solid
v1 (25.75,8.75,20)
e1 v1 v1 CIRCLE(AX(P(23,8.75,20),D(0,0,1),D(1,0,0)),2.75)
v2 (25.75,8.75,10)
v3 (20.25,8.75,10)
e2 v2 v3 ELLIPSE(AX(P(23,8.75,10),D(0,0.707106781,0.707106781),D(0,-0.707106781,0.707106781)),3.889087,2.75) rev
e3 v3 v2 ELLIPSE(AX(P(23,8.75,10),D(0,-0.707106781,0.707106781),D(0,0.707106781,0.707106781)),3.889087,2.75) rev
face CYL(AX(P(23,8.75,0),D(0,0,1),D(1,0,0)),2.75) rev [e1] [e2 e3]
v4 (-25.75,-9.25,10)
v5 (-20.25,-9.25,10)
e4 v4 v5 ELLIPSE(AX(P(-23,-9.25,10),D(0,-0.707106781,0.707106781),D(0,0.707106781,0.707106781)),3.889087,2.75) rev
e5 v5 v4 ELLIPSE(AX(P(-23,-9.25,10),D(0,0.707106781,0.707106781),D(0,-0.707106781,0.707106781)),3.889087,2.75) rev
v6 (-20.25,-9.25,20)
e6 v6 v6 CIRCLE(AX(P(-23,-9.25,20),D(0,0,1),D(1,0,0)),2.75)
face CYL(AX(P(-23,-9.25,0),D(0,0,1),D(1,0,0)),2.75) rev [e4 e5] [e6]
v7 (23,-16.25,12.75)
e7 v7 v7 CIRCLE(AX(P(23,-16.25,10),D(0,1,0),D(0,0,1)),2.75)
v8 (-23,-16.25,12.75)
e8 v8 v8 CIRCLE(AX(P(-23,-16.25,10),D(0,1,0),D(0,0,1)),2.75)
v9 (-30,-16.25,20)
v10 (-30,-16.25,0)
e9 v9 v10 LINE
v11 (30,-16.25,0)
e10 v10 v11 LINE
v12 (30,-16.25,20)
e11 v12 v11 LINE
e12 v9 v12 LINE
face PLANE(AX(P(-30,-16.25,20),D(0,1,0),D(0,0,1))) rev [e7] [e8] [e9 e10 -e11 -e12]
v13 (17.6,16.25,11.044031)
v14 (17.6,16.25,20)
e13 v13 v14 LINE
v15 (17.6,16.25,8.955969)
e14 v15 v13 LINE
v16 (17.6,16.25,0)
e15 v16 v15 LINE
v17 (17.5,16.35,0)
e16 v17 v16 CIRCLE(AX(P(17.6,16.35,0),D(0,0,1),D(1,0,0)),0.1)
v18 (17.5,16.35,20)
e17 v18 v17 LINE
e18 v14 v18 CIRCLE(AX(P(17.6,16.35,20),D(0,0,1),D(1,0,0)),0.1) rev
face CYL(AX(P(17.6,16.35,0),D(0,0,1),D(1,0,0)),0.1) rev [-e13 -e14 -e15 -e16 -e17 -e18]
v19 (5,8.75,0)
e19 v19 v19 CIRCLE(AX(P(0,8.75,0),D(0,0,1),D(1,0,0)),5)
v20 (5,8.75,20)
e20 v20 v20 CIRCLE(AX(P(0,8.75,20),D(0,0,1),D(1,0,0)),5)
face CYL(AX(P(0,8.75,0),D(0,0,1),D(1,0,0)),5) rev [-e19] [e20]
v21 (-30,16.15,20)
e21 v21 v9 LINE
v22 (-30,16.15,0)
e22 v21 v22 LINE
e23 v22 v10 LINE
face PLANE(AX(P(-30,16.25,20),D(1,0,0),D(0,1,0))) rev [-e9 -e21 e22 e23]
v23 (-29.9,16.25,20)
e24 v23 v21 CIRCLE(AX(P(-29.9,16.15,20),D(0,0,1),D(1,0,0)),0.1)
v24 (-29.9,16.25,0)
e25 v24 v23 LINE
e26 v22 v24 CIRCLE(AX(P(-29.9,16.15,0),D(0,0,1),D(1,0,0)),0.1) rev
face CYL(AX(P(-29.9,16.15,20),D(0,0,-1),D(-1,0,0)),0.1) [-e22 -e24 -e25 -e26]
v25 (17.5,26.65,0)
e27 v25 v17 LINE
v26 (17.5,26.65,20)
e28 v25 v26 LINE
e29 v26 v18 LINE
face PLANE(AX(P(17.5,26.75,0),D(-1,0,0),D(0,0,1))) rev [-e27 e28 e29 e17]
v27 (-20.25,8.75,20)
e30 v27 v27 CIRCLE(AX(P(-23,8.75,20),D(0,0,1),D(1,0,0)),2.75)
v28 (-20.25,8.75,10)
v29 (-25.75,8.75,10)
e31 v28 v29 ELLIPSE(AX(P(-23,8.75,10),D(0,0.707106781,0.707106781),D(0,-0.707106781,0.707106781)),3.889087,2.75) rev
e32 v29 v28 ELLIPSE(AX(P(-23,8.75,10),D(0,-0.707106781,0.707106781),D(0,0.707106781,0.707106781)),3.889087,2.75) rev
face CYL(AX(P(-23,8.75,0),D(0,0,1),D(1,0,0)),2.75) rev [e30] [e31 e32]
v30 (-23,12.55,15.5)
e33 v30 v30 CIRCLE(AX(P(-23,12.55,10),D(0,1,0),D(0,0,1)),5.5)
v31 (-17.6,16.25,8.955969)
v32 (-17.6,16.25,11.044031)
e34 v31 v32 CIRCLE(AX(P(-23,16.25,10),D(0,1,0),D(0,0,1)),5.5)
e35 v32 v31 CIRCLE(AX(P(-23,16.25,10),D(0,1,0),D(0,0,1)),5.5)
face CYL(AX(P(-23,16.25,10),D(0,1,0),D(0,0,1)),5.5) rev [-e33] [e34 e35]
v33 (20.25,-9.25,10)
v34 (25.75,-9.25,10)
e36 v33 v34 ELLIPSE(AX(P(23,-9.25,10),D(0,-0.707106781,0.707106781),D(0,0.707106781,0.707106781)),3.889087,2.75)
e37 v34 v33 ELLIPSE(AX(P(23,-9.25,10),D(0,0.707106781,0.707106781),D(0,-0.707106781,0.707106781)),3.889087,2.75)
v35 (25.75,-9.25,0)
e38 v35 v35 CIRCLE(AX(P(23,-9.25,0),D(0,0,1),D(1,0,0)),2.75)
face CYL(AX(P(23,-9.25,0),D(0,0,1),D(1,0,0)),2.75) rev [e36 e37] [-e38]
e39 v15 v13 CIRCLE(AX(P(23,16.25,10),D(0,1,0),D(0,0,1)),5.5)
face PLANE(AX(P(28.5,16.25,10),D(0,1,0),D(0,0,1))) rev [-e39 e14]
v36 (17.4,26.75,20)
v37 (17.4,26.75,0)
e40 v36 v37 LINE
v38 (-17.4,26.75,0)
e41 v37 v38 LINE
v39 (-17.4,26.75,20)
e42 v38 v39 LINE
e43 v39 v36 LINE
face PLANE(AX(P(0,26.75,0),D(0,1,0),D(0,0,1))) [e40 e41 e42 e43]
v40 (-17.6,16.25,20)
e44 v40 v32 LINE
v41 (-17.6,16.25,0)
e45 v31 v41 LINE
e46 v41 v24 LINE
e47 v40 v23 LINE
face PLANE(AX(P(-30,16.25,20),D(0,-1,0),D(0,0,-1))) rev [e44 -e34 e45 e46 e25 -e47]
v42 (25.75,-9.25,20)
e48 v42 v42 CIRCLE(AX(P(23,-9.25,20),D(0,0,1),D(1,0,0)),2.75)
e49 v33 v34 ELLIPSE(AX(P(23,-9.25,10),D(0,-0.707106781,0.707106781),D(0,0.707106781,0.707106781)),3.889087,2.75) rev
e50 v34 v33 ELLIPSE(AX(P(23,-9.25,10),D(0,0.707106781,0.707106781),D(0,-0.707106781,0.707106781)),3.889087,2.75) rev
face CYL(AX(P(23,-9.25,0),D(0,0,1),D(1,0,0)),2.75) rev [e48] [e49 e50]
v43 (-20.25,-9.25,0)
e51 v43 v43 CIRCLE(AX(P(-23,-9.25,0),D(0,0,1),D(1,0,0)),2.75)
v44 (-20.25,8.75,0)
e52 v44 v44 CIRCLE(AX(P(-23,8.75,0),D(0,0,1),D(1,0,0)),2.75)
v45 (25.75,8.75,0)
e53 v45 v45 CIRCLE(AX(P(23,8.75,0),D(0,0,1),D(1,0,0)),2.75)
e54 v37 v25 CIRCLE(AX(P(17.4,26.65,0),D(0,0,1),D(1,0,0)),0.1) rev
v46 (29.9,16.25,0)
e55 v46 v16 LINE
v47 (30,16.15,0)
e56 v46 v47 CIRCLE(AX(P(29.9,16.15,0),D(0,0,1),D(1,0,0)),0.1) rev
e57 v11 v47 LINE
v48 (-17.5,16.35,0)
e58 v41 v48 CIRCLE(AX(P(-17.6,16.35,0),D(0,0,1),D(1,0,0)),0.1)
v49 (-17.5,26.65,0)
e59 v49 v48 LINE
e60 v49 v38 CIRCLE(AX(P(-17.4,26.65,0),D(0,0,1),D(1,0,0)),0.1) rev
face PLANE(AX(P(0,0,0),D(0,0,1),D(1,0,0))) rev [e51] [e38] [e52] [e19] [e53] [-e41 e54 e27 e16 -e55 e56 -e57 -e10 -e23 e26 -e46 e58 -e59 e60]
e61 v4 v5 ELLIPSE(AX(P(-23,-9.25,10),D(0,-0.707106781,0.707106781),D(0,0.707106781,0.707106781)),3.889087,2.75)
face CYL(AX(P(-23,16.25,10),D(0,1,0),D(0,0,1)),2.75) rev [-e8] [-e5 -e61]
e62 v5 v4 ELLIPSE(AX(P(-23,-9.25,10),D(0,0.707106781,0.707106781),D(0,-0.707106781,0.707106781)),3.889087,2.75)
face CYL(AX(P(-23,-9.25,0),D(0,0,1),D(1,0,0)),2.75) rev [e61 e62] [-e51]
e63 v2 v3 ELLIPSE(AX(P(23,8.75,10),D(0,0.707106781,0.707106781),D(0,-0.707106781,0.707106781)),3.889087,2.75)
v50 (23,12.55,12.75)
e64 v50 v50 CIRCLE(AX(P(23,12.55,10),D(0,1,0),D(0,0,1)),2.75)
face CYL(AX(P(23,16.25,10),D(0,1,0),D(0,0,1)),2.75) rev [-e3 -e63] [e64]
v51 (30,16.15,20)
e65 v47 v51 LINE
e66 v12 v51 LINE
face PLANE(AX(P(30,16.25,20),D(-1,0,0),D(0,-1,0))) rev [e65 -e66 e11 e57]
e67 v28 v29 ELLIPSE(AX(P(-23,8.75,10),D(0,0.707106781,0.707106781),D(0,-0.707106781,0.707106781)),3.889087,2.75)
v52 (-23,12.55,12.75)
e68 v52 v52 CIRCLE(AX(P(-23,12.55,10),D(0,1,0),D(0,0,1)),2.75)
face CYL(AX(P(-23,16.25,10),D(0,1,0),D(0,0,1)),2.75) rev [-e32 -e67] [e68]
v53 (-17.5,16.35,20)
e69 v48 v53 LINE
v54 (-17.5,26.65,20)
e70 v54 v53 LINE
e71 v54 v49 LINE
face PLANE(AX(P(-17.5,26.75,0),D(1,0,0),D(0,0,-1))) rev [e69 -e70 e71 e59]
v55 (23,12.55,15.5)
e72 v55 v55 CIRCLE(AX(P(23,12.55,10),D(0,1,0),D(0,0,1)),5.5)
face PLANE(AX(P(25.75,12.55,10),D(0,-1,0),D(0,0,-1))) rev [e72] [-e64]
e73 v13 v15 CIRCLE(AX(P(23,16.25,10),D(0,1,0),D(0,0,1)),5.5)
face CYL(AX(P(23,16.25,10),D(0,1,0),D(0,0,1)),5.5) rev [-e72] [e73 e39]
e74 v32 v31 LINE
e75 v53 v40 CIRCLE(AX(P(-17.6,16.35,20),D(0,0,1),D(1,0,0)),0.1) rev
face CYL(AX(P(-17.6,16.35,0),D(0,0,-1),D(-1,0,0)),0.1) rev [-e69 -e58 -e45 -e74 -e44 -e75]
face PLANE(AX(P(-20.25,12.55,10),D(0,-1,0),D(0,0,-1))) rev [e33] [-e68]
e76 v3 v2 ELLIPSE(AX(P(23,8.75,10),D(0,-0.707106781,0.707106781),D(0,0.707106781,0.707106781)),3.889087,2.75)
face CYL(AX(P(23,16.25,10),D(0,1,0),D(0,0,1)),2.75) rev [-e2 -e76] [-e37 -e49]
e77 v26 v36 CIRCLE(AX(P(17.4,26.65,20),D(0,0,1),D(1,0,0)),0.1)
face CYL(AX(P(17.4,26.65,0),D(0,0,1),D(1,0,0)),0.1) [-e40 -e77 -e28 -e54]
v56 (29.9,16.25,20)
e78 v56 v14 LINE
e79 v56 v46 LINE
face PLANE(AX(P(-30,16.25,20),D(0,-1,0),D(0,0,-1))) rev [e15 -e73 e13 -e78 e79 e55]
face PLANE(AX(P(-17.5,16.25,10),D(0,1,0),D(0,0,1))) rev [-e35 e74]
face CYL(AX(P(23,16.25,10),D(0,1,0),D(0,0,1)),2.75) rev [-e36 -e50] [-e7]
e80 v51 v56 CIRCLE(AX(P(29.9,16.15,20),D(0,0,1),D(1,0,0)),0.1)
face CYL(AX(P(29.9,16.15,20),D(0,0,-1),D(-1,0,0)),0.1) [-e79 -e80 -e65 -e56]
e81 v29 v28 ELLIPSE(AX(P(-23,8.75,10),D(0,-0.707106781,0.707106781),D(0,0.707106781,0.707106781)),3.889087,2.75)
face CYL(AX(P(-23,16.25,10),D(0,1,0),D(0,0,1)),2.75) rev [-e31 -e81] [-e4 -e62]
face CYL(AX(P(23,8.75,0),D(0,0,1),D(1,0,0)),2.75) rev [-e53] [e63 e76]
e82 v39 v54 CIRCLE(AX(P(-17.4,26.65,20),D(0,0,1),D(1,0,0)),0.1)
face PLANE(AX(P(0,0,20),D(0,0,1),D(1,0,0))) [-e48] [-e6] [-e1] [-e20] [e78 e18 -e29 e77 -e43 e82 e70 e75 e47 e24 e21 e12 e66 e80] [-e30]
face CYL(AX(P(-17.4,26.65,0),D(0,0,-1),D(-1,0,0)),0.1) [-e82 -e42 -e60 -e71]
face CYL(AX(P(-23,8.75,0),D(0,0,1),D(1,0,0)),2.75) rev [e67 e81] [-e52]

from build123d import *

# Parameters (mm, degrees)
SKETCH_1_W                  = 60
SKETCH_1_H                  = 32.5
EXTRUDE_1_DEPTH             = 20
SKETCH_2_W                  = 35
SKETCH_2_H                  = 20
EXTRUDE_2_DEPTH             = 10.5
FILLET_1_R                  = 0.1
SKETCH_3_R                  = 5
SKETCH_3_R_2                = 2.75
CUT_EXTRUDE_1_DEPTH         = 45.895016427
HOLE_WIZARD_M5_1_AT_2_COUNT = 2
HOLE_WIZARD_M5_1_AT_2_PITCH = 46


with BuildPart() as part:
    # 스케치1 → 보스-돌출1 (new body)
    with BuildSketch(Plane.XY):
        Rectangle(SKETCH_1_W, SKETCH_1_H)
    extrude(amount=EXTRUDE_1_DEPTH)

    # 스케치2 → 보스-돌출2 (add)
    with BuildSketch(Plane(origin=(0, 16.25, 0), x_dir=(1, 0, 0), z_dir=(0, 1, 0))):
        with Locations((0, -10)):
            Rectangle(SKETCH_2_W, SKETCH_2_H)
    extrude(amount=EXTRUDE_2_DEPTH)

    # 필렛1
    fillet_1_edges = [part.edges().sort_by_distance(p)[0] for p in [
        (17.5, 16.25, 10),
        (-17.5, 16.25, 10),
        (17.5, 26.75, 10),
        (-17.5, 26.75, 10),
        (-30, 16.25, 10),
        (30, 16.25, 10),
    ]]
    fillet(fillet_1_edges, radius=FILLET_1_R)

    # 스케치3 → 컷-돌출1 (cut, through all)
    with BuildSketch(Plane.XY.offset(20)):
        with Locations((0, 8.75)):
            Circle(SKETCH_3_R)
        with Locations((-23, 8.75)):
            Circle(SKETCH_3_R_2)
        with Locations((-23, -9.25)):
            Circle(SKETCH_3_R_2)
        with Locations((23, 8.75)):
            Circle(SKETCH_3_R_2)
        with Locations((23, -9.25)):
            Circle(SKETCH_3_R_2)
    extrude(amount=-CUT_EXTRUDE_1_DEPTH, mode=Mode.SUBTRACT)

    # 스케치7 → M5 남비 머리 나사용 카운터보어1 (revolve, cut)
    with BuildSketch(Plane(origin=(23, 16.25, 10), x_dir=(0, 0, 1), z_dir=(1, 0, 0))):
        Polygon((0, 0), (0, 41.652366702), (2.75, 40), (2.75, 3.7), (5.5, 3.7), (5.5, 0), align=None)
    hole_wizard_m5_1 = revolve(axis=Axis((23, 22.6, 10), (0, -1, 0)), mode=Mode.SUBTRACT)

    # M5 남비 머리 나사용 카운터보어1 at 2: M5 남비 머리 나사용 카운터보어1 ×2
    with Locations(*[(-i * HOLE_WIZARD_M5_1_AT_2_PITCH, 0, 0) for i in range(1, HOLE_WIZARD_M5_1_AT_2_COUNT)]):
        add(hole_wizard_m5_1, mode=Mode.SUBTRACT)


solid = part.part
